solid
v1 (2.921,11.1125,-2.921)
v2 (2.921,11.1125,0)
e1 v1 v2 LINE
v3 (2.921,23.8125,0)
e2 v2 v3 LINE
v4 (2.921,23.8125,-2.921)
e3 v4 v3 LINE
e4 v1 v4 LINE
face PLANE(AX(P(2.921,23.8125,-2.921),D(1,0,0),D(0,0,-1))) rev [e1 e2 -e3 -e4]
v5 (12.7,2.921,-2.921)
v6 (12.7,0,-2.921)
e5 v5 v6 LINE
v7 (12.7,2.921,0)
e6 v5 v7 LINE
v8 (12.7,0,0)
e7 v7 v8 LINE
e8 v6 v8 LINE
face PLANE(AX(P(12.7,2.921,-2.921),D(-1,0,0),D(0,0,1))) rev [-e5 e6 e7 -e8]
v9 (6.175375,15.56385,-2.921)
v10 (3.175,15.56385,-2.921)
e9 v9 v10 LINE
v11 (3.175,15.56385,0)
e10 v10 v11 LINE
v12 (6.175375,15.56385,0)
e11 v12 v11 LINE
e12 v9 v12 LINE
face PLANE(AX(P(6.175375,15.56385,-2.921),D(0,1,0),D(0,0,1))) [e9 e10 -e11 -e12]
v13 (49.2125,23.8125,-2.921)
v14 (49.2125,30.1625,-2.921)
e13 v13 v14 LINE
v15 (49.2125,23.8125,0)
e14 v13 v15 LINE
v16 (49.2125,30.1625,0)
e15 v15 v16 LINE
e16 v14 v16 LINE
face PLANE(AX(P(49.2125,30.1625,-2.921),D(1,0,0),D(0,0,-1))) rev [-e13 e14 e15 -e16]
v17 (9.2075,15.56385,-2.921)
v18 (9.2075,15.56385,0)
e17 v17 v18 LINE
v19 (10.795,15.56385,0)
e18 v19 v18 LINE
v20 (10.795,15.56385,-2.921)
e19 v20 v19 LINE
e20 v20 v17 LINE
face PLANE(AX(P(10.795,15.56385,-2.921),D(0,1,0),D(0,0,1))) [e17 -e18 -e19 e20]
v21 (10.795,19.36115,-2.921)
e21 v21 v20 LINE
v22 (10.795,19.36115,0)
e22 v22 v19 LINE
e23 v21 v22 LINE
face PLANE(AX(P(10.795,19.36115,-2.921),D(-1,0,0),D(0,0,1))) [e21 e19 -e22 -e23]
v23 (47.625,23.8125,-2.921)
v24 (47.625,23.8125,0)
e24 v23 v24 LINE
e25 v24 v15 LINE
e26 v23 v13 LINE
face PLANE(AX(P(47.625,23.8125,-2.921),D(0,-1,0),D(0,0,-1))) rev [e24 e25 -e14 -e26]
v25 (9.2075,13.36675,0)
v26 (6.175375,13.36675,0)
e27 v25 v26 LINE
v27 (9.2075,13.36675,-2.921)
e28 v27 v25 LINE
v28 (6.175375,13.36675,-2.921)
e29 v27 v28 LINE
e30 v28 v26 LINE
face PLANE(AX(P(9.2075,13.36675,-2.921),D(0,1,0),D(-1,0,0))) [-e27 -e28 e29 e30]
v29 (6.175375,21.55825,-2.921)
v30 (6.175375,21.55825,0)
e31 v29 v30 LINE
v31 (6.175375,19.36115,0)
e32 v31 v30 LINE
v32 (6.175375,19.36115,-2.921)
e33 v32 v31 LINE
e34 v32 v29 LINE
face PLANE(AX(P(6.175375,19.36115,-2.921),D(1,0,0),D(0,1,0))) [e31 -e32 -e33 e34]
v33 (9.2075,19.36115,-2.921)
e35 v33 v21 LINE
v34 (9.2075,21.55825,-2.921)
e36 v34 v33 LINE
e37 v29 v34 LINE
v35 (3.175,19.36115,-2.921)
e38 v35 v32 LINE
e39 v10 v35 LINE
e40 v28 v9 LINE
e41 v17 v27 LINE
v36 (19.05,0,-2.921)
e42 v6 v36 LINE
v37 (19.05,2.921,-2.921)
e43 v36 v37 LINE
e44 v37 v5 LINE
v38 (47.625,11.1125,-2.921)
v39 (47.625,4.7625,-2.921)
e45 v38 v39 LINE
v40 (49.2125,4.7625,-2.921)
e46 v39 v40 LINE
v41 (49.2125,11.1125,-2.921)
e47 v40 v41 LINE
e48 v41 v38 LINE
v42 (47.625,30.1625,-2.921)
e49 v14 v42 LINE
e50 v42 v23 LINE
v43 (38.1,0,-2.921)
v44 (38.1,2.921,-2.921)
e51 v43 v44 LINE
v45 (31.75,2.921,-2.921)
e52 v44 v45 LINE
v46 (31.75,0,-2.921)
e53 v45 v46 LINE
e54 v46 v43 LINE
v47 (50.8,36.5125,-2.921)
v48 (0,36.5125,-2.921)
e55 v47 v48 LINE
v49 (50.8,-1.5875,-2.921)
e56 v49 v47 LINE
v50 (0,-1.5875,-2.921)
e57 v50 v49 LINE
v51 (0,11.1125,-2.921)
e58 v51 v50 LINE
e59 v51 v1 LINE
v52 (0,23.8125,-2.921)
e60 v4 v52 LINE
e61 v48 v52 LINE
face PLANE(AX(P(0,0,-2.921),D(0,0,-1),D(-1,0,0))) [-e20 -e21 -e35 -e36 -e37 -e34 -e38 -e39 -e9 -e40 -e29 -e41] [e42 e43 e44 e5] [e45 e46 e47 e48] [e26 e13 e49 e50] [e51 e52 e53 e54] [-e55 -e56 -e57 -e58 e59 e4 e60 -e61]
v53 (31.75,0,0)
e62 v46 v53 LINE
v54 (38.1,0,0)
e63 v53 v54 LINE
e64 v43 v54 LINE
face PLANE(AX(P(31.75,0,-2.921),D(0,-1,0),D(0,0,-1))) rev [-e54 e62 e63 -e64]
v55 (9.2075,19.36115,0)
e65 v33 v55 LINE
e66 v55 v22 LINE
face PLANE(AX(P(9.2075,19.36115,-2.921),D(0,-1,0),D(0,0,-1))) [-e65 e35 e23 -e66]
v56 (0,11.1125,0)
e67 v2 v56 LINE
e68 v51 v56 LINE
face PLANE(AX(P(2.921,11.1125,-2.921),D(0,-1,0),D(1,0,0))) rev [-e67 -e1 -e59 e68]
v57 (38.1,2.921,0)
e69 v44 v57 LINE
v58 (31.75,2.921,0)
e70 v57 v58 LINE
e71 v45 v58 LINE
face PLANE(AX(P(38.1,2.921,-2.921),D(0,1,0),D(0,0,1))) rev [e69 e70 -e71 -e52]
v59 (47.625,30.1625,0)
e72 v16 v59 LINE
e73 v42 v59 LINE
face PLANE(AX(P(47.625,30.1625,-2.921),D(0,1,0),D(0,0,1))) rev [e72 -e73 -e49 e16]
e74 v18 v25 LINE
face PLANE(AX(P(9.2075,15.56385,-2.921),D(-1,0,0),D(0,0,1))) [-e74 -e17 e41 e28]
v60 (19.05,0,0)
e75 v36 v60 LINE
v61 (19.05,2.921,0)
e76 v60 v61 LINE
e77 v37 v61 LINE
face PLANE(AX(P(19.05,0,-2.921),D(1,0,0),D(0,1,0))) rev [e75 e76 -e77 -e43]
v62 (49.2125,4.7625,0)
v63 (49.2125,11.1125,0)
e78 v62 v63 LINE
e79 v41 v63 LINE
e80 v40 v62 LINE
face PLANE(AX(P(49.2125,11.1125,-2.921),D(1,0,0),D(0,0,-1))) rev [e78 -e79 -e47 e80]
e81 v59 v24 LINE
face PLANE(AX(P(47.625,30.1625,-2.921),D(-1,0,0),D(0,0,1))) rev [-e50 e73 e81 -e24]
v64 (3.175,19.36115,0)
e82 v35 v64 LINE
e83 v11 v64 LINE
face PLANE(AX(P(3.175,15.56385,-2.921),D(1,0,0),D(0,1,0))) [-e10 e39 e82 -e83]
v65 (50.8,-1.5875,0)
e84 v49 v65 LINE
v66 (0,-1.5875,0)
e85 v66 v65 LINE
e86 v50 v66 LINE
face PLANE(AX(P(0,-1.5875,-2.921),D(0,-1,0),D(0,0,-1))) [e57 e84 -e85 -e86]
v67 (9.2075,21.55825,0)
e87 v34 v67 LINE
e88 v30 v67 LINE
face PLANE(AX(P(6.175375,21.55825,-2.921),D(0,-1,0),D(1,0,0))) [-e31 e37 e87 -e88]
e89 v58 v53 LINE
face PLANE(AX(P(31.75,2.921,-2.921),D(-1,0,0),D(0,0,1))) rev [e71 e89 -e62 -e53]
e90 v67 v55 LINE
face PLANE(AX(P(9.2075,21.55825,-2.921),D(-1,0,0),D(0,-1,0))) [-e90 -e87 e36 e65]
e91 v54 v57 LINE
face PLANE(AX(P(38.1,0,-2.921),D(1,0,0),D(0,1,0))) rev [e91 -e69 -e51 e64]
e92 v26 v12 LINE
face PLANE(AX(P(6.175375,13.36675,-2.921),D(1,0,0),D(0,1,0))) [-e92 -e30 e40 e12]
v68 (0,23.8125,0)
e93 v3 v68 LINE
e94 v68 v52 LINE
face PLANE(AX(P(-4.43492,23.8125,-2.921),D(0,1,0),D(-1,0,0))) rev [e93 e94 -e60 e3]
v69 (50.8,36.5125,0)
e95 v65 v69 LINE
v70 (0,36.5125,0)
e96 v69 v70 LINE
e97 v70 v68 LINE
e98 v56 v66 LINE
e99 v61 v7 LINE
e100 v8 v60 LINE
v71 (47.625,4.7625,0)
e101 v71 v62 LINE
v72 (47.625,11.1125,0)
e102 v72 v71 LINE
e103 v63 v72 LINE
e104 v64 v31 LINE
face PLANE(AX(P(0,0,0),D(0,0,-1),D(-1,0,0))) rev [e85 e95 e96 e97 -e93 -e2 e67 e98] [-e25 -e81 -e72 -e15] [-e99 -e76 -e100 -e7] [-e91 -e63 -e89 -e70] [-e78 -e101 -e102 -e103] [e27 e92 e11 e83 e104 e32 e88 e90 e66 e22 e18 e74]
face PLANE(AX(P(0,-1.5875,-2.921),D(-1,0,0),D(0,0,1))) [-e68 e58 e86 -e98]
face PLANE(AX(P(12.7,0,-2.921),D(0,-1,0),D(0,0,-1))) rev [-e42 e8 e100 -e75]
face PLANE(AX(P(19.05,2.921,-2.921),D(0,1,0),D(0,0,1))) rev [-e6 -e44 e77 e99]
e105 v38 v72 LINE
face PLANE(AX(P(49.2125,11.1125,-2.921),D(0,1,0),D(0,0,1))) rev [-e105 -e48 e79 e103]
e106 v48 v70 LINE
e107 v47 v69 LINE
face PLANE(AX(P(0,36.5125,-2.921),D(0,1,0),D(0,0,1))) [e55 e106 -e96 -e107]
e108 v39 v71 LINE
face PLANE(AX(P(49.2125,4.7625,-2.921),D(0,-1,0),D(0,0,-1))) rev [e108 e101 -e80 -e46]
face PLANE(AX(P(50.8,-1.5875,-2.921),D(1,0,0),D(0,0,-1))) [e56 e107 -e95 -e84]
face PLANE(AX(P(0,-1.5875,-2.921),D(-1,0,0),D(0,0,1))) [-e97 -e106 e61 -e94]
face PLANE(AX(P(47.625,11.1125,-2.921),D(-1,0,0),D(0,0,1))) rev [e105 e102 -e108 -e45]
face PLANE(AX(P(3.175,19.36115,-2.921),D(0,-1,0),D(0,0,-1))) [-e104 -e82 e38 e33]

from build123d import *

# Parameters (mm, degrees)
SKETCH1_W           = 50.8
SKETCH1_H           = 38.1
BOSS_EXTRUDE1_DEPTH = 2.921
SKETCH2_W           = 6.35
SKETCH2_H           = 2.921
CUT_EXTRUDE1_DEPTH  = 63.628546983
SKETCH3_W           = 7.355919967
SKETCH3_H           = 12.7
CUT_EXTRUDE2_DEPTH  = 63.628546983
CUT_EXTRUDE3_DEPTH  = 63.628546983
SKETCH5_W           = 1.5875
SKETCH5_H           = 6.35
CUT_EXTRUDE4_DEPTH  = 63.628546983


with BuildPart() as part:
    # Sketch1 → Boss-Extrude1 (new body)
    with BuildSketch(Plane.XY):
        with Locations((25.4, 17.4625)):
            Rectangle(SKETCH1_W, SKETCH1_H)
    extrude(amount=-BOSS_EXTRUDE1_DEPTH)

    # Sketch2 → Cut-Extrude1 (cut, through all)
    with BuildSketch(Plane.XY):
        with Locations((15.875, 1.4605)):
            Rectangle(SKETCH2_W, SKETCH2_H)
        with Locations((34.925, 1.4605)):
            Rectangle(SKETCH2_W, SKETCH2_H)
    extrude(amount=-CUT_EXTRUDE1_DEPTH, mode=Mode.SUBTRACT)

    # Sketch3 → Cut-Extrude2 (cut, through all)
    with BuildSketch(Plane.XY):
        with Locations((-0.756959983, 17.4625)):
            Rectangle(SKETCH3_W, SKETCH3_H)
    extrude(amount=-CUT_EXTRUDE2_DEPTH, mode=Mode.SUBTRACT)

    # Sketch4 → Cut-Extrude3 (cut, through all)
    with BuildSketch(Plane.XY):
        Polygon((3.175, 19.36115), (6.175375, 19.36115), (6.175375, 21.55825), (9.2075, 21.55825), (9.2075, 19.36115), (10.795, 19.36115), (10.795, 15.56385), (9.2075, 15.56385), (9.2075, 13.36675), (6.175375, 13.36675), (6.175375, 15.56385), (3.175, 15.56385), align=None)
    extrude(amount=-CUT_EXTRUDE3_DEPTH, mode=Mode.SUBTRACT)

    # Sketch5 → Cut-Extrude4 (cut, through all)
    with BuildSketch(Plane.XY):
        with Locations((48.41875, 26.9875)):
            Rectangle(SKETCH5_W, SKETCH5_H)
        with Locations((48.41875, 7.9375)):
            Rectangle(SKETCH5_W, SKETCH5_H)
    extrude(amount=-CUT_EXTRUDE4_DEPTH, mode=Mode.SUBTRACT)


solid = part.part
